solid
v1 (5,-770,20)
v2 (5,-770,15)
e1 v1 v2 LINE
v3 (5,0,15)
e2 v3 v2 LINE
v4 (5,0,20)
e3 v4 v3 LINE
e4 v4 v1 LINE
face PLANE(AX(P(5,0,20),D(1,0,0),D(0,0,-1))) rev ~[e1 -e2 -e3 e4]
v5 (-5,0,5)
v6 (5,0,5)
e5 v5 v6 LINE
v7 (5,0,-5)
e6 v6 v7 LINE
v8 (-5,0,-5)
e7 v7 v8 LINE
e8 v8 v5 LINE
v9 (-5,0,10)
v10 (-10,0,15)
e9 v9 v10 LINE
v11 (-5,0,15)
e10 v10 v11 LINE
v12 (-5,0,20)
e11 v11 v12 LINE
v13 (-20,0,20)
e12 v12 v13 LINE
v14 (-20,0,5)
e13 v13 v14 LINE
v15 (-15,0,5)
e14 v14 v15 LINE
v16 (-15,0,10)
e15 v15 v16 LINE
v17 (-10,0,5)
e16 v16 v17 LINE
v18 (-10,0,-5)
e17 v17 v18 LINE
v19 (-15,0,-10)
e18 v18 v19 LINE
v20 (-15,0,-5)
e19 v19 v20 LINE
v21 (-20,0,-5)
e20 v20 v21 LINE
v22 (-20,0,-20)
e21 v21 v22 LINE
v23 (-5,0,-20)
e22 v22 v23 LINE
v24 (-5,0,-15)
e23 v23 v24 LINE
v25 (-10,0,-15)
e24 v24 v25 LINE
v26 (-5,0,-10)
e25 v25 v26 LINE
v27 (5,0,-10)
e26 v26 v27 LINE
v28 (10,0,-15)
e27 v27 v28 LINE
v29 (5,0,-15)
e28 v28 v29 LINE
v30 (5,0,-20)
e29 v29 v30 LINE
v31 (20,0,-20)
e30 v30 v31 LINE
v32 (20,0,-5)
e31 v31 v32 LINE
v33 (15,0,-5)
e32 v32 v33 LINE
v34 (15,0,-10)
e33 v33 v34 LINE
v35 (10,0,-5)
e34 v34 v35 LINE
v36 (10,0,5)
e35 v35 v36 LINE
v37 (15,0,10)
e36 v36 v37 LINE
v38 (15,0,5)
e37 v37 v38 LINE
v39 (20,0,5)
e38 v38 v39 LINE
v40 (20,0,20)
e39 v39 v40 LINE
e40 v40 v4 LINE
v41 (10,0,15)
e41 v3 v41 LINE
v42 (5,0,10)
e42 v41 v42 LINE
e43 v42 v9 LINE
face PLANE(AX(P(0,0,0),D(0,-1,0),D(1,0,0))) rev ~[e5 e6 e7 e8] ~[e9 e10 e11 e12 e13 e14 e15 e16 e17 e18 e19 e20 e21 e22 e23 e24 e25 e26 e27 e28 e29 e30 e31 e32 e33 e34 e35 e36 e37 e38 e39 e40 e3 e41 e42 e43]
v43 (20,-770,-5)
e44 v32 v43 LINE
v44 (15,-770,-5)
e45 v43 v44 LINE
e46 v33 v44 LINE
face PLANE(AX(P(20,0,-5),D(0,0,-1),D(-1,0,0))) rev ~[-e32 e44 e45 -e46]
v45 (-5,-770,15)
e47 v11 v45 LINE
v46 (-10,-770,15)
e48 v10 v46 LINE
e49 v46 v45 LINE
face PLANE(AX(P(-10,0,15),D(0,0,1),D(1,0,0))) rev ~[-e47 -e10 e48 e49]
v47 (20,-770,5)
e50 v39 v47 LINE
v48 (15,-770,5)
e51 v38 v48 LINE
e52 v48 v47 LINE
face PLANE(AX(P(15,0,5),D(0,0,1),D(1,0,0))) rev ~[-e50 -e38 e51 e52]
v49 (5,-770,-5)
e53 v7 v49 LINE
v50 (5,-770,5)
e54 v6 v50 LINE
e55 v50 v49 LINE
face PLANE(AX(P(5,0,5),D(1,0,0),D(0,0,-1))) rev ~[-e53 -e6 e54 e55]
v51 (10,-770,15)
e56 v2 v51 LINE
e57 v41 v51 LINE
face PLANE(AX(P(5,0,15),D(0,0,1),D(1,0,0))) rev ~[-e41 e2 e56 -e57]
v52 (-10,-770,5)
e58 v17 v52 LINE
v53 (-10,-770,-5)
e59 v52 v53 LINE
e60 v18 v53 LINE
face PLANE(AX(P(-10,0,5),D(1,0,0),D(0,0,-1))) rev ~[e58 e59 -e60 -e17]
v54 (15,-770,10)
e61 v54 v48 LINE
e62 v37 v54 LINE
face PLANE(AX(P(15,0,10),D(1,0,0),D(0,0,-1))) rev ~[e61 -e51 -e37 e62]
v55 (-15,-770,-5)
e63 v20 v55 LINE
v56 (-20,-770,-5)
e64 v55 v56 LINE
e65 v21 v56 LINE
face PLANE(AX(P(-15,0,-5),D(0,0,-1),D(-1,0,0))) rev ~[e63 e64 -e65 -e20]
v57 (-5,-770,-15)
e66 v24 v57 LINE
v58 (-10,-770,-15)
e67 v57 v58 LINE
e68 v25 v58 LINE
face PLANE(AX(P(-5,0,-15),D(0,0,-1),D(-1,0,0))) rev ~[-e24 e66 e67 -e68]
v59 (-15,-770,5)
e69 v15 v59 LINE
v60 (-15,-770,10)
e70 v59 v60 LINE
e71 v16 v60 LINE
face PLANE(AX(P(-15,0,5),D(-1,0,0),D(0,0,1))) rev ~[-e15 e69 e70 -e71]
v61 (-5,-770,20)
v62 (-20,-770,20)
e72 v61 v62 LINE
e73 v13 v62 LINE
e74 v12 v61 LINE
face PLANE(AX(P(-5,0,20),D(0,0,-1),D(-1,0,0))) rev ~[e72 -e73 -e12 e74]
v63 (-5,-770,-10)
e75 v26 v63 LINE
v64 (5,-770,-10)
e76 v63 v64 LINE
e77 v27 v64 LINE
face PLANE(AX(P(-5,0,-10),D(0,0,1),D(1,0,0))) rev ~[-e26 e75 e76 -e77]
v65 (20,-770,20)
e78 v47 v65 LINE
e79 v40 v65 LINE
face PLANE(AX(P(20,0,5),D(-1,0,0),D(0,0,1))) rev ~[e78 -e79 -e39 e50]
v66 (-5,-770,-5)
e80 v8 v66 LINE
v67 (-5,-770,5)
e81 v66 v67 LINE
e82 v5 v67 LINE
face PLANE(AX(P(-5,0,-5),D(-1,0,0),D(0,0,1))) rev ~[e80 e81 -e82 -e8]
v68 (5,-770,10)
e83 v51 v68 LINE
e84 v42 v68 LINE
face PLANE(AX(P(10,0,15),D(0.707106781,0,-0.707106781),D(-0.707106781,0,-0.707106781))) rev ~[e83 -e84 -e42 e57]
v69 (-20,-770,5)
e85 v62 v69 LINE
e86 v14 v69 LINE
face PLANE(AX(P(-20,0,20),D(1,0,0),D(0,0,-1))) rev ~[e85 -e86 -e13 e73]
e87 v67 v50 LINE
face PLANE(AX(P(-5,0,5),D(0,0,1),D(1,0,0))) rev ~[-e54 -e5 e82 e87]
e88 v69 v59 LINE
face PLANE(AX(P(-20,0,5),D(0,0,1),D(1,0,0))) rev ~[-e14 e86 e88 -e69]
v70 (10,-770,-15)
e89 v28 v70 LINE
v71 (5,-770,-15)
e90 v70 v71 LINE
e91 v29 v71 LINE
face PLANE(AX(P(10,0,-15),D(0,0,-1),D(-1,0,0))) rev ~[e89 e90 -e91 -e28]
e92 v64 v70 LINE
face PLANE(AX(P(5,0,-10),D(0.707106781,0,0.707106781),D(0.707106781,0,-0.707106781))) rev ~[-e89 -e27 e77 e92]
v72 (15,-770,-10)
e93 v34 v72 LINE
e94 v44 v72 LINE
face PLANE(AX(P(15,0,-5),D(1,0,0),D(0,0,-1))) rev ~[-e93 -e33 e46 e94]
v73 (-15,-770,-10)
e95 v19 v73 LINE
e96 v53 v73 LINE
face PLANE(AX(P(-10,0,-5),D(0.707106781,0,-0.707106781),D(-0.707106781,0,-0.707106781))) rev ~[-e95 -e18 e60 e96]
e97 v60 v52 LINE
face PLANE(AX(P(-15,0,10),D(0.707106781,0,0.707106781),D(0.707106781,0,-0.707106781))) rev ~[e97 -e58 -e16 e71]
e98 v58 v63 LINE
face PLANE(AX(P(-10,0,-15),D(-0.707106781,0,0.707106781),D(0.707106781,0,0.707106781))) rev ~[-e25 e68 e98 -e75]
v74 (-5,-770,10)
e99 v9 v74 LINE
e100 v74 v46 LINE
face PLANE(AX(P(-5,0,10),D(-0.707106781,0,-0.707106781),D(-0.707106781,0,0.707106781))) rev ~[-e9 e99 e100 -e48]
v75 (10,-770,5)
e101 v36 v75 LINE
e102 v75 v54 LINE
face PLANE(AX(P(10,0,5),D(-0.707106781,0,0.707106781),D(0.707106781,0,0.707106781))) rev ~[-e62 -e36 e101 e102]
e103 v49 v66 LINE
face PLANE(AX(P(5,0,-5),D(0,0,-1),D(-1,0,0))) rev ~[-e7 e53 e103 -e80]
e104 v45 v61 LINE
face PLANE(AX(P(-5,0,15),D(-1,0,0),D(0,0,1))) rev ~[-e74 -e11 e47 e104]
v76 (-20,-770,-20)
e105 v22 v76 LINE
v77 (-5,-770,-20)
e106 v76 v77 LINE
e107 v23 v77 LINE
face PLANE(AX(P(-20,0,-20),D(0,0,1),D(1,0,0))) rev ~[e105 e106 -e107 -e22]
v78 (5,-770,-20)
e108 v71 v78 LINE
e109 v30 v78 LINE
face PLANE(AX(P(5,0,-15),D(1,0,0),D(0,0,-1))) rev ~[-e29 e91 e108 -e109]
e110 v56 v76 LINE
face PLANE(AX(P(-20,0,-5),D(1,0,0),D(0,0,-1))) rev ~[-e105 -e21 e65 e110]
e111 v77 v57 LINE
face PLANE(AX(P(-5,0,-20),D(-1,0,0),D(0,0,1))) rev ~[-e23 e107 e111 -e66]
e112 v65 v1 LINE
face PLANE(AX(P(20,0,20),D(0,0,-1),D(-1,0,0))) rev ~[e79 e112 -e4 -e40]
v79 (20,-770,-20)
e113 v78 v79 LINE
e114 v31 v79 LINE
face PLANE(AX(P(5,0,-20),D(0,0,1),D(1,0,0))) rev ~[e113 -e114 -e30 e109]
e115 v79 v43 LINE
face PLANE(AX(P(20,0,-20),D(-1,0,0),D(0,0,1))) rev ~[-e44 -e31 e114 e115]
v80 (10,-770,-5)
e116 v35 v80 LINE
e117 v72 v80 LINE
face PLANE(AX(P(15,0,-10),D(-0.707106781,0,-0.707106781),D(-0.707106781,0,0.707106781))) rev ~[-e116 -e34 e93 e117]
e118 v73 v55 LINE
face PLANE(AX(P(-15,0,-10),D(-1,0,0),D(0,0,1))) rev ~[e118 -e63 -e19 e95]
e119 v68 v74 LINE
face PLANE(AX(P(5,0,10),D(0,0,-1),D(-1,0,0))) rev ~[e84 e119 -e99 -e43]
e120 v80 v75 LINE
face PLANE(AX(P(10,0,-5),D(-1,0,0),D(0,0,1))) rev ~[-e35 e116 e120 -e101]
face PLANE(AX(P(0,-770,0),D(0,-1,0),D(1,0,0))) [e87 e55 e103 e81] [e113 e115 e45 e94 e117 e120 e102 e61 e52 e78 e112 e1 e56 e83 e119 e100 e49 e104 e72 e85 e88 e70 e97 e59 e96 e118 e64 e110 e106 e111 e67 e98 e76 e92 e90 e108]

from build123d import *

# Parameters (mm, degrees)
F1_DEPTH = 770


with BuildPart() as f1:
    # F0 (on Front) → F1 (new body)
    with BuildSketch(Plane.XZ):
        Polygon((20, 5), (20, 20), (5, 20), (5, 15), (10, 15), (5, 10), (-5, 10), (-10, 15), (-5, 15), (-5, 20), (-20, 20), (-20, 5), (-15, 5), (-15, 10), (-10, 5), (-10, -5), (-15, -10), (-15, -5), (-20, -5), (-20, -20), (-5, -20), (-5, -15), (-10, -15), (-5, -10), (5, -10), (10, -15), (5, -15), (5, -20), (20, -20), (20, -5), (15, -5), (15, -10), (10, -5), (10, 5), (15, 10), (15, 5), align=None)
        Polygon((-5, 0), (-5, 5), (0, 5), (5, 5), (5, 0), (5, -5), (0, -5), (-5, -5), align=None, mode=Mode.SUBTRACT)
    extrude(amount=F1_DEPTH)


solid = f1.part
